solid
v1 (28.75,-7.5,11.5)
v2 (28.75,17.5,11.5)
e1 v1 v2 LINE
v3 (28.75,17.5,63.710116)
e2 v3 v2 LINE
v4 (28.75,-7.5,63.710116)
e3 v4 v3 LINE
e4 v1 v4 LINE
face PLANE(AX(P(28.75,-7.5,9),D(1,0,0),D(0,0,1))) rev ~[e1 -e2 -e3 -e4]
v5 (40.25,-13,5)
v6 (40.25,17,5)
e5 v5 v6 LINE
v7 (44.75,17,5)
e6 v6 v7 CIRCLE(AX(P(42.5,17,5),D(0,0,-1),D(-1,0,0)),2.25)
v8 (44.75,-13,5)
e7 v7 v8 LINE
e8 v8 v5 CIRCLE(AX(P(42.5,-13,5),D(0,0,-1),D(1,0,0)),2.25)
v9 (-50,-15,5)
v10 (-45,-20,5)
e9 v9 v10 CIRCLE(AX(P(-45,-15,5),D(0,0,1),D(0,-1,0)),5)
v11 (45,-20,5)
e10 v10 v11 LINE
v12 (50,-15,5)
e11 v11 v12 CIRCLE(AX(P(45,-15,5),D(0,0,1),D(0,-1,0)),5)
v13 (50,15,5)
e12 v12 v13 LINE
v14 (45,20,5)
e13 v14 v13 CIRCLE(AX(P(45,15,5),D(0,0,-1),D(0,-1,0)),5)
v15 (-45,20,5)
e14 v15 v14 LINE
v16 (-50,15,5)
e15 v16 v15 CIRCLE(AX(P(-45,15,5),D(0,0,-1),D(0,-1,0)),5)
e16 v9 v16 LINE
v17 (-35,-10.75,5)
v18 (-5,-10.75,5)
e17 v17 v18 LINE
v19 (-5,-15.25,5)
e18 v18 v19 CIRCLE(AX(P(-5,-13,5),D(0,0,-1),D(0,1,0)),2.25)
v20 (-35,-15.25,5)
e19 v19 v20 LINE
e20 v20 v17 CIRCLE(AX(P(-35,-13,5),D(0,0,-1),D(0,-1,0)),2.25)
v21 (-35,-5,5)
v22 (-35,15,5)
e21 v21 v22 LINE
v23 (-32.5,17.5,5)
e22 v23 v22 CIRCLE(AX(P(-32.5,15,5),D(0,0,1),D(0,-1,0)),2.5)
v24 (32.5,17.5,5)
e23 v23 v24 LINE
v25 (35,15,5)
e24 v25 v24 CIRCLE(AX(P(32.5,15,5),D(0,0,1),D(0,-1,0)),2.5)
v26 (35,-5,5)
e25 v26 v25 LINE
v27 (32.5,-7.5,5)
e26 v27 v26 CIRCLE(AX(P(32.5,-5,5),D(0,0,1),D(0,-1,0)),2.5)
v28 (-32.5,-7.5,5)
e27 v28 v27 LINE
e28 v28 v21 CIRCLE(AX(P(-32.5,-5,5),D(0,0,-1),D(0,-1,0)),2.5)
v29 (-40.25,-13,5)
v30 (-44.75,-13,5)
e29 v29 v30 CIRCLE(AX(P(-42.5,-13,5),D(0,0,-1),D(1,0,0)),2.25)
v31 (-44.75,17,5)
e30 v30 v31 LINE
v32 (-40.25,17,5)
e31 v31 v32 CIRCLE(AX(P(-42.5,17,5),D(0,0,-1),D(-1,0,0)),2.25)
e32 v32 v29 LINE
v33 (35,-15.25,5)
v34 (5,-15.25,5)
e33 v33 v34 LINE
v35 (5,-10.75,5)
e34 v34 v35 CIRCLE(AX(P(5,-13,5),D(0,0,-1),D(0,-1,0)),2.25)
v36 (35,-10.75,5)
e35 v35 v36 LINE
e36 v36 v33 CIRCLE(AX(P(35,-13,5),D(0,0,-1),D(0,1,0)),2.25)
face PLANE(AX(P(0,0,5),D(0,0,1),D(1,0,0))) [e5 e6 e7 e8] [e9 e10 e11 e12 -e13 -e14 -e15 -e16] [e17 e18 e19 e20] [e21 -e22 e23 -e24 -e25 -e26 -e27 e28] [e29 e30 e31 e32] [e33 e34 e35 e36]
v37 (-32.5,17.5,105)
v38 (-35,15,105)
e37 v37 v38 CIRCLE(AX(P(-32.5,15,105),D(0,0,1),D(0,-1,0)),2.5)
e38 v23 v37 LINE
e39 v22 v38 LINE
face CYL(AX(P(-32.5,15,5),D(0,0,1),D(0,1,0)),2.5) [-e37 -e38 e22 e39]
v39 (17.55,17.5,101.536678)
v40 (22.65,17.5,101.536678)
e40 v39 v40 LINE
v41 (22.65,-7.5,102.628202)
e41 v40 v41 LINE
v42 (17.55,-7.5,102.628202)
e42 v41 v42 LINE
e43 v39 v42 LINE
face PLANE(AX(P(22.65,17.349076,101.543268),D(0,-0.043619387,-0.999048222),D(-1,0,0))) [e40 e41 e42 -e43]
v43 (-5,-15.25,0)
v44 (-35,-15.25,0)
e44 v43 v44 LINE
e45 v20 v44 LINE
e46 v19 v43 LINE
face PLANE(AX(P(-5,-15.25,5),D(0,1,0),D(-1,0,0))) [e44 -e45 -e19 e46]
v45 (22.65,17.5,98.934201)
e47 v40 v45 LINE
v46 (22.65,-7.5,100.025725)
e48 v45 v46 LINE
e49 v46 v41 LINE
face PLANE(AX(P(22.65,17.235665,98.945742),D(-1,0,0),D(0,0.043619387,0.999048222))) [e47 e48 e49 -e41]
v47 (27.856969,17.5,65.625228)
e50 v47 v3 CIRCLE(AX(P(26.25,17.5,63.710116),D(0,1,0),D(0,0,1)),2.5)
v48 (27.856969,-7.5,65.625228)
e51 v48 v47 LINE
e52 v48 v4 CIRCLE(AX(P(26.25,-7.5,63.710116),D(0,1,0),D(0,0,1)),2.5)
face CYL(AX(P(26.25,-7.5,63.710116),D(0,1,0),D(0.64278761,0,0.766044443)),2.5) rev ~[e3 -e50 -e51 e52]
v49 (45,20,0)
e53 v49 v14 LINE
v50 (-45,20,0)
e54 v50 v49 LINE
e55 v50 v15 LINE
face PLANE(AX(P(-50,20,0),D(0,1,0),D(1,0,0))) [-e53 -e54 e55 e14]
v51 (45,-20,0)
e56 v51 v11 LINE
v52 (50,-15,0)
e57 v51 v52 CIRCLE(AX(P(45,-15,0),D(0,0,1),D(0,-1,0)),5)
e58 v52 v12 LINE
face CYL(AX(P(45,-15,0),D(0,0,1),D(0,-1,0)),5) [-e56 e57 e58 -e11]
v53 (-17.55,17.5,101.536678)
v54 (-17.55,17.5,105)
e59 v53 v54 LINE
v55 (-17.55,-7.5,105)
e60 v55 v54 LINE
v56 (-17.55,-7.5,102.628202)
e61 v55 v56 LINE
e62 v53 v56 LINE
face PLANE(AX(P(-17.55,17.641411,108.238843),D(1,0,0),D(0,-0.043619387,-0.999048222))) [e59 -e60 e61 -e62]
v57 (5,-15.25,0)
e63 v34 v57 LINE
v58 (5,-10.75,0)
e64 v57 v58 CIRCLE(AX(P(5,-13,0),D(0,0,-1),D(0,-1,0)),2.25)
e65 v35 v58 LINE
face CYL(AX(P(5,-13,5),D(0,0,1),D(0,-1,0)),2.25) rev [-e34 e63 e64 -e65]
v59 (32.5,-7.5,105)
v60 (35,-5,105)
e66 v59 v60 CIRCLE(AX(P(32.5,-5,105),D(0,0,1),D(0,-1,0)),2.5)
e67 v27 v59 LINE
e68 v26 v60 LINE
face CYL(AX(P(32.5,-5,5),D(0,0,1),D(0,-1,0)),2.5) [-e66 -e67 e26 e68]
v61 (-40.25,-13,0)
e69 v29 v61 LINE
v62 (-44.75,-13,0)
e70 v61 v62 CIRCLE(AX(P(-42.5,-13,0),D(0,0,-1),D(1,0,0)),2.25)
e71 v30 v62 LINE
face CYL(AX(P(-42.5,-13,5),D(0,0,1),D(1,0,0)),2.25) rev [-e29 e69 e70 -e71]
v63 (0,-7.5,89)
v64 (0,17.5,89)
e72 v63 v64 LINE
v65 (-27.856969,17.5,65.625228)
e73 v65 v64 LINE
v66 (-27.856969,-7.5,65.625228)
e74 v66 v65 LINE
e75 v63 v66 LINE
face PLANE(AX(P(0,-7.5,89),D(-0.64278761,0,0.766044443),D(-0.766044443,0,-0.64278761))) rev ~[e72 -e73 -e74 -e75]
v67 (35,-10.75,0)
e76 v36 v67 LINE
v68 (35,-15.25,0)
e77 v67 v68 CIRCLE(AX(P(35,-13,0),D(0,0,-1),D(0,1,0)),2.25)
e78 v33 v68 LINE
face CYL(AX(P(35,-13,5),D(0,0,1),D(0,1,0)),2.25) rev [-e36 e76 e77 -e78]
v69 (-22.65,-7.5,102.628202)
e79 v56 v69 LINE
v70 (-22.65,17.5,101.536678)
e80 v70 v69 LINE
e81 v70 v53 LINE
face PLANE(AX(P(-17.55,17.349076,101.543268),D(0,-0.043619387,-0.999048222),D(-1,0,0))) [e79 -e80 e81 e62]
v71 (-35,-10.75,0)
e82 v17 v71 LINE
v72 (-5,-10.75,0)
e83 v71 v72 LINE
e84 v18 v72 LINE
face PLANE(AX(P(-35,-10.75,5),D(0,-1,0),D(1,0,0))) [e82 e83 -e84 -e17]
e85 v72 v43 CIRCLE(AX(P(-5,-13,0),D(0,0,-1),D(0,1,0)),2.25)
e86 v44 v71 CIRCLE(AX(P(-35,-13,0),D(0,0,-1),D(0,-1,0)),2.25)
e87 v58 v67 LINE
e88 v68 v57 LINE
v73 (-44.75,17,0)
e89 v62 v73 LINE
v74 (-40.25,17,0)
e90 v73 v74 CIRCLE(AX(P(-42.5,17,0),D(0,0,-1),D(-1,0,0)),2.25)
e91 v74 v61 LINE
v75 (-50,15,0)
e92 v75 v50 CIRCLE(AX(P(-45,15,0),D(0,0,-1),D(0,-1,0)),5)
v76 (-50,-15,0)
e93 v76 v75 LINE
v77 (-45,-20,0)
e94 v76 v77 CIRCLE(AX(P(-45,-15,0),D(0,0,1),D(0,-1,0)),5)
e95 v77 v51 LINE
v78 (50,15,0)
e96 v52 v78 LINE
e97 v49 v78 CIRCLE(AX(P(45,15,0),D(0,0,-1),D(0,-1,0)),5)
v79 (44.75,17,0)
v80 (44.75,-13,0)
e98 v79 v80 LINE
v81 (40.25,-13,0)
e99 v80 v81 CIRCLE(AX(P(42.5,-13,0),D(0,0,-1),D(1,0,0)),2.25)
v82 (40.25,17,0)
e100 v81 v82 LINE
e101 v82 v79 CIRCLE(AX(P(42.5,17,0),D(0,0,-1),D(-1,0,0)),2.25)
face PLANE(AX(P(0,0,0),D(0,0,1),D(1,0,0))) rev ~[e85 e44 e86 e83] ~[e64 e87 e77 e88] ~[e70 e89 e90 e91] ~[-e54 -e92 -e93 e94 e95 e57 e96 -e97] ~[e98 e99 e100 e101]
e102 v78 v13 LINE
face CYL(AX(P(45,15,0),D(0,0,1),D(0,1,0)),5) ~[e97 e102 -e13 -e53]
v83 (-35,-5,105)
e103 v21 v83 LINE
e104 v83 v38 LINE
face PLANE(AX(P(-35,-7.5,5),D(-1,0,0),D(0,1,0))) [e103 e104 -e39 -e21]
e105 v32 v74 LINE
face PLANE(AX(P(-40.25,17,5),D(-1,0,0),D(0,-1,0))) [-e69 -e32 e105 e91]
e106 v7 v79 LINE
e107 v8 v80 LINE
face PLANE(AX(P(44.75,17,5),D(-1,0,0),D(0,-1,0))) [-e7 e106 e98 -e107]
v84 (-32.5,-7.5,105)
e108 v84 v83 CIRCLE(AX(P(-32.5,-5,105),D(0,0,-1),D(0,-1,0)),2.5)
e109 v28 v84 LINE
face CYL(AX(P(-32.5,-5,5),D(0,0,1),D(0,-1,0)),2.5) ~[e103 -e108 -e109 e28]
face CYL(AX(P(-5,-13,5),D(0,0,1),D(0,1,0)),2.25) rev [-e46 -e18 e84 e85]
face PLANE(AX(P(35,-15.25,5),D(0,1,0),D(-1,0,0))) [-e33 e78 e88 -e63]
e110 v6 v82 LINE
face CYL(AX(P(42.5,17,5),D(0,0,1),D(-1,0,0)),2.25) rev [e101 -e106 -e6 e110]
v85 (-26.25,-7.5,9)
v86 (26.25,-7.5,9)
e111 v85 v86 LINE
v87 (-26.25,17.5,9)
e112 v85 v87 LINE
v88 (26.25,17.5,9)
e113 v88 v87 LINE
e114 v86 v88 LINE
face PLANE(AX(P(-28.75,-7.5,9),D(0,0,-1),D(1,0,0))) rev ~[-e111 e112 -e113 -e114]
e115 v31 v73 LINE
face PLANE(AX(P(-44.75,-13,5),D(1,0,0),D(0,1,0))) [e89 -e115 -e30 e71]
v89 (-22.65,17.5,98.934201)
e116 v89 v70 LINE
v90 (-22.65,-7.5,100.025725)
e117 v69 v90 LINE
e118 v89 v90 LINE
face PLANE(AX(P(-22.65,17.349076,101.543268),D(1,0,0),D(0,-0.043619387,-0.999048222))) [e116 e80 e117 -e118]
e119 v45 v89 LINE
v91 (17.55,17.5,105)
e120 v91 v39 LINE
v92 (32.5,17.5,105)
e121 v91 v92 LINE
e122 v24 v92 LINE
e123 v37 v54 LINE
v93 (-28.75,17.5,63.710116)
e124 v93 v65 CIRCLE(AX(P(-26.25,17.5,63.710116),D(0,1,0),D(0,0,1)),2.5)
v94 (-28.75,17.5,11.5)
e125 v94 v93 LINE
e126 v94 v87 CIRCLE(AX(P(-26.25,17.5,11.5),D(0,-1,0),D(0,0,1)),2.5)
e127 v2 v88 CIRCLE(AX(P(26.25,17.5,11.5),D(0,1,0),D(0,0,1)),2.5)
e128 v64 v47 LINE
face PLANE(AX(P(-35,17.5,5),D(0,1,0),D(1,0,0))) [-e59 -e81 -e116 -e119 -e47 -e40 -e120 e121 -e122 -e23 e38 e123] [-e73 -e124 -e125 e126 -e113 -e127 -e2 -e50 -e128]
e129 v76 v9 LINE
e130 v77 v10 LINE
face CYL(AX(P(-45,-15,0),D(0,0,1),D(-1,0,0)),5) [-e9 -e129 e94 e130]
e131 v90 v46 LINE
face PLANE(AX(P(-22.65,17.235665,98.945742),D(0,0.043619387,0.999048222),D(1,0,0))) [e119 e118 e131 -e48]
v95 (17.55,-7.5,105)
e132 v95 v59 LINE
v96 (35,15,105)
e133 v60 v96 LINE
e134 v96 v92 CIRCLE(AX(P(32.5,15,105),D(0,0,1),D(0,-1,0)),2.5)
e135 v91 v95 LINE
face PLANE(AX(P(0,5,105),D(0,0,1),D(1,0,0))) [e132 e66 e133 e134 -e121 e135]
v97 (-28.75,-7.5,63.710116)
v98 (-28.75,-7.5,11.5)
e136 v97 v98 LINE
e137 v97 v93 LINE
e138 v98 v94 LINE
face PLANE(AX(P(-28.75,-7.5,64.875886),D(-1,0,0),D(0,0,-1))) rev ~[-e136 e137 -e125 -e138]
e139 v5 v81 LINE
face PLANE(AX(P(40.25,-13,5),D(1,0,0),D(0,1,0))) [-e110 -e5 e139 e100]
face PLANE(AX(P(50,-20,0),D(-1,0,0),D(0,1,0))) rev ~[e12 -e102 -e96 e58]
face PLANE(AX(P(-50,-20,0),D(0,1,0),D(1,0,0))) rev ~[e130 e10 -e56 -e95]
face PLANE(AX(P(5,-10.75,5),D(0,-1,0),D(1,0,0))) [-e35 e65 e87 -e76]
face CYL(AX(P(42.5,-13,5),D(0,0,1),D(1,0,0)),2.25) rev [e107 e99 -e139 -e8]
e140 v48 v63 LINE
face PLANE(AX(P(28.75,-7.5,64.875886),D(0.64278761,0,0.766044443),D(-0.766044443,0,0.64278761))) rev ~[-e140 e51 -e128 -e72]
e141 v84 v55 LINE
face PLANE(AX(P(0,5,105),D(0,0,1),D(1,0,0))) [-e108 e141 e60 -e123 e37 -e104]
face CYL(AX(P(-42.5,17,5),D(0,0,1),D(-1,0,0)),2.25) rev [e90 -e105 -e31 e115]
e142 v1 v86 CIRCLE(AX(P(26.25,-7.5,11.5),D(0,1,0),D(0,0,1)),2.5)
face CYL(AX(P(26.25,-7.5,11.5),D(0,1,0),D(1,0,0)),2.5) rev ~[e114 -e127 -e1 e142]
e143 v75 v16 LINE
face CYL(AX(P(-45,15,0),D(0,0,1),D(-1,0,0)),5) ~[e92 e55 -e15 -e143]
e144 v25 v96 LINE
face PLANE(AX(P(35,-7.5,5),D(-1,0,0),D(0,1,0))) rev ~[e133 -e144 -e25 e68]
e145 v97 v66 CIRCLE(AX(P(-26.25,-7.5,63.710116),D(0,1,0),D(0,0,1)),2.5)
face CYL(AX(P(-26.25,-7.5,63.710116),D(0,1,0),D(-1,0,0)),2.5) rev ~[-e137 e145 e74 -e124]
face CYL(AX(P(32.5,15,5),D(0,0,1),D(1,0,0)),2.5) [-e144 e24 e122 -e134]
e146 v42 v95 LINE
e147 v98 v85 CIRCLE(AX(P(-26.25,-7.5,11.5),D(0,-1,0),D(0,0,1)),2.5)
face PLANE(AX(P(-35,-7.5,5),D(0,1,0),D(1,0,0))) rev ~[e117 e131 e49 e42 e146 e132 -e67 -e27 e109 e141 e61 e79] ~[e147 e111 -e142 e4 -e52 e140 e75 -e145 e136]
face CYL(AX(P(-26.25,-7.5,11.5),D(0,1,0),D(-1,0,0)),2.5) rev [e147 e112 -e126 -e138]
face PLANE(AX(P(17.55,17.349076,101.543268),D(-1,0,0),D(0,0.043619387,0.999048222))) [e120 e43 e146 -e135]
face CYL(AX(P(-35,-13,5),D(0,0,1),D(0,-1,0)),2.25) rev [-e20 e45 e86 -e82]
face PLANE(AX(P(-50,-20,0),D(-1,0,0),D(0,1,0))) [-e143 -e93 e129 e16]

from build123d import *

# Parameters (mm, degrees)
SKETCH1_W               = 100
SKETCH1_H               = 40
BOSS_EXTRUDE1_DEPTH     = 5
CUT_EXTRUDE1_DEPTH      = 5
CUT_EXTRUDE2_DEPTH      = 5
CUT_EXTRUDE3_DEPTH      = 5
CUT_EXTRUDE4_DEPTH      = 5
SKETCH3_W               = 70
SKETCH3_H               = 25
BOSS_EXTRUDE2_DEPTH     = 100
FILLET1_R               = 5
FILLET2_R               = 2.5
CUT_EXTRUDE8_DEPTH      = 120.504184027
FILLET3_R               = 2.5
CUT_EXTRUDE9_DEPTH      = 122.347977614
CUT_EXTRUDE9_DEPTH_BACK = 122.347977614


with BuildPart() as part:
    # Sketch1 → Boss-Extrude1 (new body)
    with BuildSketch(Plane.XY):
        Rectangle(SKETCH1_W, SKETCH1_H)
    extrude(amount=BOSS_EXTRUDE1_DEPTH)

    # Sketch2 → Cut-Extrude1 (cut)
    with BuildSketch(Plane.XY.offset(5)):
        with BuildLine():
            Line((-40.25, 17), (-40.25, -13))
            ThreePointArc((-40.25, -13), (-42.5, -15.25), (-44.75, -13))
            Line((-44.75, -13), (-44.75, 17))
            ThreePointArc((-44.75, 17), (-42.5, 19.25), (-40.25, 17))
        make_face()
    extrude(amount=-CUT_EXTRUDE1_DEPTH, mode=Mode.SUBTRACT)

    # Sketch2<3> → Cut-Extrude2 (cut)
    with BuildSketch(Plane.XY.offset(5)):
        with BuildLine():
            Line((-35, -10.75), (-5, -10.75))
            ThreePointArc((-5, -10.75), (-2.75, -13), (-5, -15.25))
            Line((-5, -15.25), (-35, -15.25))
            ThreePointArc((-35, -15.25), (-37.25, -13), (-35, -10.75))
        make_face()
    extrude(amount=-CUT_EXTRUDE2_DEPTH, mode=Mode.SUBTRACT)

    # Sketch2<4> → Cut-Extrude3 (cut)
    with BuildSketch(Plane.XY.offset(5)):
        with BuildLine():
            Line((5, -10.75), (35, -10.75))
            ThreePointArc((35, -10.75), (37.25, -13), (35, -15.25))
            Line((35, -15.25), (5, -15.25))
            ThreePointArc((5, -15.25), (2.75, -13), (5, -10.75))
        make_face()
    extrude(amount=-CUT_EXTRUDE3_DEPTH, mode=Mode.SUBTRACT)

    # Sketch2<5> → Cut-Extrude4 (cut)
    with BuildSketch(Plane.XY.offset(5)):
        with BuildLine():
            Line((44.75, 17), (44.75, -13))
            ThreePointArc((44.75, -13), (42.5, -15.25), (40.25, -13))
            Line((40.25, -13), (40.25, 17))
            ThreePointArc((40.25, 17), (42.5, 19.25), (44.75, 17))
        make_face()
    extrude(amount=-CUT_EXTRUDE4_DEPTH, mode=Mode.SUBTRACT)

    # Sketch3 → Boss-Extrude2 (add)
    with BuildSketch(Plane.XY.offset(5)):
        with Locations((0, 5)):
            Rectangle(SKETCH3_W, SKETCH3_H)
    extrude(amount=BOSS_EXTRUDE2_DEPTH)

    # Fillet1
    fillet1_edges = [part.edges().sort_by_distance(p)[0] for p in [
        (-50, 20, 2.5),
        (50, 20, 2.5),
        (50, -20, 2.5),
        (-50, -20, 2.5),
    ]]
    fillet(fillet1_edges, radius=FILLET1_R)

    # Fillet2
    fillet2_edges = [part.edges().sort_by_distance(p)[0] for p in [
        (-35, 17.5, 55),
        (35, 17.5, 55),
        (35, -7.5, 55),
        (-35, -7.5, 55),
    ]]
    fillet(fillet2_edges, radius=FILLET2_R)

    # Sketch8 → Cut-Extrude8 (cut, through all)
    with BuildSketch(Plane.XZ.offset(7.5)):
        Polygon((-28.75, 9), (28.75, 9), (28.75, 64.875885604), (0, 89), (-28.75, 64.875885604), align=None)
    extrude(amount=-CUT_EXTRUDE8_DEPTH, mode=Mode.SUBTRACT)

    # Fillet3
    fillet3_edges = [part.edges().sort_by_distance(p)[0] for p in [
        (28.75, 5, 64.875885604),
        (-28.75, 5, 64.875885604),
        (28.75, 5, 9),
        (-28.75, 5, 9),
    ]]
    fillet(fillet3_edges, radius=FILLET3_R)

    # Sketch9 → Cut-Extrude9 (cut, two sides: drawn at the far end of the back side and taken through both)
    with BuildSketch(Plane(origin=(0, 12.891027114, -0.562834399), x_dir=(-1, 0, 0), z_dir=(0, 0.9990482215818578, -0.0436193873653361)).offset(-CUT_EXTRUDE9_DEPTH_BACK)):
        Polygon((17.55, 102.203377148), (22.65, 102.203377148), (22.65, 99.603377148), (-22.65, 99.603377148), (-22.65, 102.203377148), (-17.55, 102.203377148), (-17.55, 108.905331005), (17.55, 108.905331005), align=None)
    extrude(amount=CUT_EXTRUDE9_DEPTH + CUT_EXTRUDE9_DEPTH_BACK, mode=Mode.SUBTRACT)


solid = part.part
